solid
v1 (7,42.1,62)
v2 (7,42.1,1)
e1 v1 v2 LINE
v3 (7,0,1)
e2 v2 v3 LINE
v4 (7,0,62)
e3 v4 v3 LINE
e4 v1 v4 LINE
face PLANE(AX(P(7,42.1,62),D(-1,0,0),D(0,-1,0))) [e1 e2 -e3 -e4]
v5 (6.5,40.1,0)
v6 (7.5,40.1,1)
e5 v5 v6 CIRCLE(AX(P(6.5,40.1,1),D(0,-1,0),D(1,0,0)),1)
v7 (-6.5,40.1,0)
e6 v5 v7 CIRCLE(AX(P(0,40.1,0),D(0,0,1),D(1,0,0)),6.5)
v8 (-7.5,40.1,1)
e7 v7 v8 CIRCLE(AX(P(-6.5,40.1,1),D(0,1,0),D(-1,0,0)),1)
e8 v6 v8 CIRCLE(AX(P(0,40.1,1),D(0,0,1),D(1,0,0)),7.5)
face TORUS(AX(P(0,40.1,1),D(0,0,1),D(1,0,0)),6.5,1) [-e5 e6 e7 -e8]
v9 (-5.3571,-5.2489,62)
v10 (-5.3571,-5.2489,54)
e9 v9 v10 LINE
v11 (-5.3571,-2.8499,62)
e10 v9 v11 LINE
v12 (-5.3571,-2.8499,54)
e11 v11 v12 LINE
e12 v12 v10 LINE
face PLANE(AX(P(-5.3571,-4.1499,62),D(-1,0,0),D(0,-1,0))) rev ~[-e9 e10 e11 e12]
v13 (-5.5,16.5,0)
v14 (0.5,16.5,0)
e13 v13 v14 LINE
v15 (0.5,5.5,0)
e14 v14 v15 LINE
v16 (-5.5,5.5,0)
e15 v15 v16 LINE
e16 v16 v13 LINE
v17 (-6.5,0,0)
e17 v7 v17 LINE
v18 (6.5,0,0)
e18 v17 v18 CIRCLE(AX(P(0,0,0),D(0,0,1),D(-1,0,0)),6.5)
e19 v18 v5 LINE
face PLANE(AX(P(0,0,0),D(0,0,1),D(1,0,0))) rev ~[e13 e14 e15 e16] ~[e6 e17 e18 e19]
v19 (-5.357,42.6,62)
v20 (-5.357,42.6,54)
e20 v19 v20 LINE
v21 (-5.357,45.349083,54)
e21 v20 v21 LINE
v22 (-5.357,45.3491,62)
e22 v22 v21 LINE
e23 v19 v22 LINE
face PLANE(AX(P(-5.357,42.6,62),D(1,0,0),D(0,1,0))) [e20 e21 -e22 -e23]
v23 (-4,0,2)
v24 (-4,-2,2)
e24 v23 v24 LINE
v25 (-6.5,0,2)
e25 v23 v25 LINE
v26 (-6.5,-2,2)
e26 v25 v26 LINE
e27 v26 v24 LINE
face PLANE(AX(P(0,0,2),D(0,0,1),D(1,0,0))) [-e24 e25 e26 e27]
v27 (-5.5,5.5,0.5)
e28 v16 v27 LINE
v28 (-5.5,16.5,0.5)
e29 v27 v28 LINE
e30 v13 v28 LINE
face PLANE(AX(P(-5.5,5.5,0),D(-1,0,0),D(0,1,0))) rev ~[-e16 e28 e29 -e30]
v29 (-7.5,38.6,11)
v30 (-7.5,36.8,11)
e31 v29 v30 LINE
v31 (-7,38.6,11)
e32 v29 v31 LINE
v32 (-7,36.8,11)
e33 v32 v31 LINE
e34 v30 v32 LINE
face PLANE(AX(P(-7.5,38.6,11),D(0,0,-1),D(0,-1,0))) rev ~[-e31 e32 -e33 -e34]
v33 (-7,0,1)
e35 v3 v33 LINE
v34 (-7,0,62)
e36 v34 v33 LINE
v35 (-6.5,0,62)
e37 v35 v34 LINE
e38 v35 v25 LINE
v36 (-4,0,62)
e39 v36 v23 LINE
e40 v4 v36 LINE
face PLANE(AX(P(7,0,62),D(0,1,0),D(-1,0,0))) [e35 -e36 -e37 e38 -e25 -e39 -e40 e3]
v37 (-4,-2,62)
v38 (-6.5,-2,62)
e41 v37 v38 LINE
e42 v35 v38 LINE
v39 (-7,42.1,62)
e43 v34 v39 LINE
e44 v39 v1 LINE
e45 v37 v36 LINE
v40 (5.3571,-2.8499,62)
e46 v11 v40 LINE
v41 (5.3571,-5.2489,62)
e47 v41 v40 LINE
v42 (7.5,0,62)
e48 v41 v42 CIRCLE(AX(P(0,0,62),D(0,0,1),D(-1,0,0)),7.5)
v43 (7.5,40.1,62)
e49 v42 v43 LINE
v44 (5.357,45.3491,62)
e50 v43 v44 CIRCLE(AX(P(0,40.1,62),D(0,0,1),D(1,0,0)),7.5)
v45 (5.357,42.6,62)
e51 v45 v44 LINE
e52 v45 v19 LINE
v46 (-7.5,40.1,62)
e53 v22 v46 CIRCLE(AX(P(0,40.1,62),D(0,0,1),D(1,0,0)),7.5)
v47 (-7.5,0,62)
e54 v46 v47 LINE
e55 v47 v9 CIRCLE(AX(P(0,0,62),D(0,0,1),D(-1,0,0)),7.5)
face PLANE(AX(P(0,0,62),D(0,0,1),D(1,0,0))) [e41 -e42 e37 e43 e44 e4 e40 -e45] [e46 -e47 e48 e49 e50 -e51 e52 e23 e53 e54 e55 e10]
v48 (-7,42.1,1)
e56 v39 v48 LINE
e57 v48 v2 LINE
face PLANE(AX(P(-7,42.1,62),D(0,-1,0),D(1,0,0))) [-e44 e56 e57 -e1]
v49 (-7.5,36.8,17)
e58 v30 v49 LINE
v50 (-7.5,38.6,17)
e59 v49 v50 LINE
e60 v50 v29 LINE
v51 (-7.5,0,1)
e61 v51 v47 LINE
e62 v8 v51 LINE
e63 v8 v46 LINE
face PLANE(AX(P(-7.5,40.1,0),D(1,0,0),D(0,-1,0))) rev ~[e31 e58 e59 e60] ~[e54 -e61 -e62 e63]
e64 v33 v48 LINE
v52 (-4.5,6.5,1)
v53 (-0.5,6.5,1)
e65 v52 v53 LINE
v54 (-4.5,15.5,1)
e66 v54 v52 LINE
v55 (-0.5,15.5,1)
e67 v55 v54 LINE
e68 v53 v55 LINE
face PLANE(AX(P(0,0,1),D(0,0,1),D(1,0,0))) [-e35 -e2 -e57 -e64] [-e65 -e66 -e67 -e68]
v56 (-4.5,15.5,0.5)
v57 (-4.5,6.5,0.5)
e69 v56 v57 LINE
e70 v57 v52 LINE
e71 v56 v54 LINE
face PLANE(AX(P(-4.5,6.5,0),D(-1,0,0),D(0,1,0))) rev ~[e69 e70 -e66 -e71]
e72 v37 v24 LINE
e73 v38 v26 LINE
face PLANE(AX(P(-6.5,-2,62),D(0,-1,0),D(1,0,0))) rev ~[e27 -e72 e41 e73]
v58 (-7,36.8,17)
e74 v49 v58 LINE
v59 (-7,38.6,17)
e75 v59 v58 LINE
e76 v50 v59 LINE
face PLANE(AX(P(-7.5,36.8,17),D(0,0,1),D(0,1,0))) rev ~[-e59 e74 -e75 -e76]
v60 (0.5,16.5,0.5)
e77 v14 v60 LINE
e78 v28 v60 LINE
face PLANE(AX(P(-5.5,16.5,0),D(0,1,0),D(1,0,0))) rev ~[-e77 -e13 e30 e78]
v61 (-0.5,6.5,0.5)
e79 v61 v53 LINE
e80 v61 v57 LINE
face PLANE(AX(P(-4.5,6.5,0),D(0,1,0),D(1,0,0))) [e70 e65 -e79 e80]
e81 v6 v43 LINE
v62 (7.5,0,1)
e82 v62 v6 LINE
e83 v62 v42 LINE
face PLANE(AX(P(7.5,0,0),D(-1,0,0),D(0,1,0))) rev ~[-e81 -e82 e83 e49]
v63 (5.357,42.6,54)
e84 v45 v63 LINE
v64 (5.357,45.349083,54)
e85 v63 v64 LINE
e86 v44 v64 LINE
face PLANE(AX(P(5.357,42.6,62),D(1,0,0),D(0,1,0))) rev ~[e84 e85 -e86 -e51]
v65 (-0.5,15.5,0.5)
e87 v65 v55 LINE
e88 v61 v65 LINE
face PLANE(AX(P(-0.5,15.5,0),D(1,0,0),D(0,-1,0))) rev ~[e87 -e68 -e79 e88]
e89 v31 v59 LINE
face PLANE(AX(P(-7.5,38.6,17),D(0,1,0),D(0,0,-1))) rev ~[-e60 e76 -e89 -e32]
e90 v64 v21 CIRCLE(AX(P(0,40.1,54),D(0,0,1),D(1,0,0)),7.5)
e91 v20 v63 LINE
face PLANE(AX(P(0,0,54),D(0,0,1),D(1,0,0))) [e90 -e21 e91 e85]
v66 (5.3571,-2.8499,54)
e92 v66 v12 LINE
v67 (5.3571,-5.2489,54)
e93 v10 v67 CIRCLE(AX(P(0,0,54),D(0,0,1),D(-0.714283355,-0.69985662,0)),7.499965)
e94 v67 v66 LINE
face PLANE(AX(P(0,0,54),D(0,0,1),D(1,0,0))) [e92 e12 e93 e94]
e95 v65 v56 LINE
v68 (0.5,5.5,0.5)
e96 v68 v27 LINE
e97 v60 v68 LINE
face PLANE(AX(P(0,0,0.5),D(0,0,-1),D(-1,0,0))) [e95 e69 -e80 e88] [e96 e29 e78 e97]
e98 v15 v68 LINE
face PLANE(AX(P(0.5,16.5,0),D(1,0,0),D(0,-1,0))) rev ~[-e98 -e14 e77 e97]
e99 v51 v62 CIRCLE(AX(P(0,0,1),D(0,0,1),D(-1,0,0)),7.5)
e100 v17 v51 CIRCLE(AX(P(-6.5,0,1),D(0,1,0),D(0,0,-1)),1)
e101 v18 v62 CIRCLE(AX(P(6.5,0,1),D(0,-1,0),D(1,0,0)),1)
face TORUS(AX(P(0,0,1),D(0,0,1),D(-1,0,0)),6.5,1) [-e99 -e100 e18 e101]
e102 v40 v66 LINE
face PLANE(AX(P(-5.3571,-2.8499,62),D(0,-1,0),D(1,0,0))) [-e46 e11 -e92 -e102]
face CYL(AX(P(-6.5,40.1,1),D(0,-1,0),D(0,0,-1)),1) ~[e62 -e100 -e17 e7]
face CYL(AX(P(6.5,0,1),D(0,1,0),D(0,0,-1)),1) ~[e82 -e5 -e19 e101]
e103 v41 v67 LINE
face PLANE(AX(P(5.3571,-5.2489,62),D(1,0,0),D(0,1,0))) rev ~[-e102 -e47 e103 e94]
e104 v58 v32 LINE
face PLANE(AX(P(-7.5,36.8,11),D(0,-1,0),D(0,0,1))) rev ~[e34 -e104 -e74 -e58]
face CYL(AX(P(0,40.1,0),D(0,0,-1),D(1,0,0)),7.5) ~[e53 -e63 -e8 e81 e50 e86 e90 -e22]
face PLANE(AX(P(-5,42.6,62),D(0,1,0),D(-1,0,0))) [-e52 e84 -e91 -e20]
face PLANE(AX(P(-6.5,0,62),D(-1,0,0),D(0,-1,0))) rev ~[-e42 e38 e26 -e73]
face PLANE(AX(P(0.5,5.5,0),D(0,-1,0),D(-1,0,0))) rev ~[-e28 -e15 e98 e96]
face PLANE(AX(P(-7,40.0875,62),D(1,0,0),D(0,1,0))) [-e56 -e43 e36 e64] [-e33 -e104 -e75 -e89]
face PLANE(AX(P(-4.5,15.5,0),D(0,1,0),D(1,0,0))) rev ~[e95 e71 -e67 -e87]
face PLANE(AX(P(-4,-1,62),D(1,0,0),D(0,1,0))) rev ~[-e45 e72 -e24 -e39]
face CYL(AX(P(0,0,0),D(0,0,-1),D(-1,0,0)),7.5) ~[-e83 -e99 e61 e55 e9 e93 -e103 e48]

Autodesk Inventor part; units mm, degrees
ref_plane "YZ Plane" through (0, 0, 0) normal (1, 0, 0) x (0, 1, 0)
ref_plane "XZ Plane" through (0, 0, 0) normal (0, 1, 0) x (-1, 0, 0)
ref_plane "XY Plane" through (0, 0, 0) normal (0, 0, 1) x (1, 0, 0)
sketch "Boceto1" plane through (0, 0, 0) normal (0, 0, 1) x (1, 0, 0)
  line L0 (0, 0) -> (0, 40.1) construction
  line L1 (7.5, 0) -> (7.5, 40.1)
  line L2 (-7.5, 40.1) -> (-7.5, 0)
  arc A0 (-7.5, 0) -> (7.5, 0) centre (0, 0) ccw
  arc A1 (7.5, 40.1) -> (-7.5, 40.1) centre (0, 40.1) ccw
  point P0 (0, 20.05)
  dimension "d0" = 40.1
  dimension "d1" = 15
extrude "Extrusión1" add sketch "Boceto1" along normal blind 62
sketch "Boceto2" plane through (0, 0, 62) normal (0, 0, 1) x (1, 0, 0)
  line L0 (0, 0) -> (-7, 0)
  line L1 (-7, 0) -> (-7, 40.0875)
  line L2 (-7.5, 40.1) -> (-7.5, 0) projected
  line L3 (7, 0) -> (-7, 0)
  line L4 (-7, 40.0875) -> (-7, 42.1)
  arc A0 (7.5, 40.1) -> (-7.5, 40.1) centre (0, 40.1) ccw projected
  line L5 (-7, 42.1) -> (7, 42.1)
  line L6 (7, 42.1) -> (7, 0)
  dimension "d4" = 7
  dimension "d68" = 7
  dimension "d69" = 14
extrude "Extrusión2" cut sketch "Boceto2" against normal blind 61
sketch "Boceto3" plane through (0, 0, 62) normal (0, 0, 1) x (1, 0, 0)
  line L0 (-5.3571, -2.8499) -> (5.3571, -2.8499)
  line L1 (-6.5, 40.1) -> (6.5, 40.1) projected
  line L2 (-5, 42.6) -> (5, 42.6)
  line L3 (-5.3571, -2.8499) -> (-5.3571, -4.1499)
  line L4 (5.3571, -5.2489) -> (5.3571, -2.8499)
  arc A0 (7.5, 40.1) -> (-7.5, 40.1) centre (0, 40.1) ccw projected
  arc A1 (-5.3571, -5.2489) -> (5.3571, -5.2489) centre (0, 0) ccw
  line L5 (-5.3571, -4.1499) -> (-5.3571, -5.2489)
  arc A2 (-7.5, 0) -> (7.5, 0) centre (0, 0) ccw projected
  arc A3 (5.357, 45.3491) -> (-5.357, 45.3491) centre (0, 40.1) ccw
  line L6 (0, 42.6) -> (-5.357, 42.6)
  line L7 (-5.357, 42.6) -> (-5.357, 45.3491)
  line L8 (0, 42.6) -> (5.357, 42.6)
  line L9 (5.357, 42.6) -> (5.357, 45.3491)
  line L10 (0, -2.8499) -> (-5.357, -2.8499)
  point P0 (5.3571, -4.1499)
  point P1 (5, 43.9)
  dimension "d46" = 1.3
  dimension "d70" = 5.357
  dimension "d71" = 5.357
  dimension "d72" = 5.357
extrude "Extrusión3" cut sketch "Boceto3" against normal blind 8
fillet "Empalme1" radius 1 4 edges at (0, 47.6, 0) (-7.5, 20.05, 0) (0, -7.5, 0) (7.5, 20.05, 0)
sketch "Boceto5" plane through (0, 0, 62) normal (0, 0, 1) x (1, 0, 0)
  line L0 (7, 0) -> (-7, 0) projected
  line L1 (7, 0) -> (-3.5, 0)
  line L2 (5, -1) -> (-5, -1) projected
  line L3 (-3.5, -0.9) -> (-2, -0.9) construction
  arc A0 (-6.5, 0) -> (6.5, 0) centre (0, 0) ccw projected
  line L4 (-6.5, 0) -> (-3.5, 0)
  line L5 (-6.5, 0) -> (-6.5, -2)
  line L6 (-6.5, -2) -> (-5, -2)
  line L7 (-5, -2) -> (-4, -2)
  line L8 (-4, -2) -> (-4, 0)
  line L9 (7, 0) -> (-7, 0) projected
  dimension "d49" = 2
  dimension "d51" = 1
extrude "Extrusión5" cut sketch "Boceto5" against normal blind 60 contours L6 L5 A0 | A0 L0 L8 L7 L6 picked at (-5.1549, -1.2255)
sketch "Boceto6" plane through (0, 0, 0) normal (0, 0, -1) x (-1, 0, 0)
  line L0 (-7, 0) -> (7, 0) projected
  line L1 (3.5, 0) -> (3.5, 6.5)
  line L2 (6.5, 40.1) -> (-6.5, 40.1) projected
  line L3 (-0.5, 0) -> (3.5, 0)
  line L4 (7, 0) -> (7, 42.1) projected
  line L5 (6.5, 40.1) -> (6.5, 0) projected
  line L6 (4.5, 6.5) -> (4.5, 15.5)
  line L7 (4.5, 15.5) -> (0.5, 15.5)
  line L8 (0.5, 15.5) -> (0.5, 6.5)
  line L9 (-0.5, 0) -> (0.5, 0)
  line L10 (-7, 0) -> (7, 0) projected
  line L11 (0.5, 0) -> (0.5, 6.5)
  line L12 (4.5, 6.5) -> (0.5, 6.5)
  point P0 (0, 0)
  point P1 (7, 42.1)
  dimension "d44" = 9
  dimension "d60" = 1
extrude "Extrusión6" cut sketch "Boceto6" against normal through all contours L8 L7 L6 L12
sketch "Boceto7" plane through (-7.5, 0, 62) normal (-1, 0, 0) x (0, 0, 1)
  line L0 (-45, 36.8) -> (-45, 38.6)
  line L1 (-45, 38.6) -> (-51, 38.6)
  line L2 (-51, 38.6) -> (-51, 36.8)
  line L3 (-51, 36.8) -> (-45, 36.8)
  point P0 (-62, 0)
  dimension "d74" = 6
extrude "Extrusión7" cut sketch "Boceto7" against normal blind 3
sketch "Boceto8" plane through (0, 0, 0) normal (0, 0, -1) x (-1, 0, 0)
  line L0 (0.5, 6.5) -> (0.5, 15.5) projected
  line L1 (4.5, 15.5) -> (4.5, 6.5) projected
  line L2 (0.5, 15.5) -> (4.5, 15.5)
  line L3 (4.5, 15.5) -> (4.5, 6.5)
  line L4 (4.5, 6.5) -> (0.5, 6.5)
  line L5 (0.5, 6.5) -> (0.5, 15.5)
  line L6 (5.5, 16.5) -> (-0.5, 16.5)
  line L7 (-0.5, 16.5) -> (-0.5, 5.5)
  line L8 (-0.5, 5.5) -> (5.5, 5.5)
  line L9 (5.5, 5.5) -> (5.5, 16.5)
  point P0 (0, 0)
  dimension "d61" = 1
extrude "Extrusión8" cut sketch "Boceto8" against normal blind 0.5 contours L0 L2 L1 L4 | L9 L8 L7 L6
sketch "Boceto9" plane through (-7.5, 0, 62) normal (-1, 0, 0) x (0, 0, 1)
  point P0 (-62, 0)
properties part number "Carcasa Luis"
